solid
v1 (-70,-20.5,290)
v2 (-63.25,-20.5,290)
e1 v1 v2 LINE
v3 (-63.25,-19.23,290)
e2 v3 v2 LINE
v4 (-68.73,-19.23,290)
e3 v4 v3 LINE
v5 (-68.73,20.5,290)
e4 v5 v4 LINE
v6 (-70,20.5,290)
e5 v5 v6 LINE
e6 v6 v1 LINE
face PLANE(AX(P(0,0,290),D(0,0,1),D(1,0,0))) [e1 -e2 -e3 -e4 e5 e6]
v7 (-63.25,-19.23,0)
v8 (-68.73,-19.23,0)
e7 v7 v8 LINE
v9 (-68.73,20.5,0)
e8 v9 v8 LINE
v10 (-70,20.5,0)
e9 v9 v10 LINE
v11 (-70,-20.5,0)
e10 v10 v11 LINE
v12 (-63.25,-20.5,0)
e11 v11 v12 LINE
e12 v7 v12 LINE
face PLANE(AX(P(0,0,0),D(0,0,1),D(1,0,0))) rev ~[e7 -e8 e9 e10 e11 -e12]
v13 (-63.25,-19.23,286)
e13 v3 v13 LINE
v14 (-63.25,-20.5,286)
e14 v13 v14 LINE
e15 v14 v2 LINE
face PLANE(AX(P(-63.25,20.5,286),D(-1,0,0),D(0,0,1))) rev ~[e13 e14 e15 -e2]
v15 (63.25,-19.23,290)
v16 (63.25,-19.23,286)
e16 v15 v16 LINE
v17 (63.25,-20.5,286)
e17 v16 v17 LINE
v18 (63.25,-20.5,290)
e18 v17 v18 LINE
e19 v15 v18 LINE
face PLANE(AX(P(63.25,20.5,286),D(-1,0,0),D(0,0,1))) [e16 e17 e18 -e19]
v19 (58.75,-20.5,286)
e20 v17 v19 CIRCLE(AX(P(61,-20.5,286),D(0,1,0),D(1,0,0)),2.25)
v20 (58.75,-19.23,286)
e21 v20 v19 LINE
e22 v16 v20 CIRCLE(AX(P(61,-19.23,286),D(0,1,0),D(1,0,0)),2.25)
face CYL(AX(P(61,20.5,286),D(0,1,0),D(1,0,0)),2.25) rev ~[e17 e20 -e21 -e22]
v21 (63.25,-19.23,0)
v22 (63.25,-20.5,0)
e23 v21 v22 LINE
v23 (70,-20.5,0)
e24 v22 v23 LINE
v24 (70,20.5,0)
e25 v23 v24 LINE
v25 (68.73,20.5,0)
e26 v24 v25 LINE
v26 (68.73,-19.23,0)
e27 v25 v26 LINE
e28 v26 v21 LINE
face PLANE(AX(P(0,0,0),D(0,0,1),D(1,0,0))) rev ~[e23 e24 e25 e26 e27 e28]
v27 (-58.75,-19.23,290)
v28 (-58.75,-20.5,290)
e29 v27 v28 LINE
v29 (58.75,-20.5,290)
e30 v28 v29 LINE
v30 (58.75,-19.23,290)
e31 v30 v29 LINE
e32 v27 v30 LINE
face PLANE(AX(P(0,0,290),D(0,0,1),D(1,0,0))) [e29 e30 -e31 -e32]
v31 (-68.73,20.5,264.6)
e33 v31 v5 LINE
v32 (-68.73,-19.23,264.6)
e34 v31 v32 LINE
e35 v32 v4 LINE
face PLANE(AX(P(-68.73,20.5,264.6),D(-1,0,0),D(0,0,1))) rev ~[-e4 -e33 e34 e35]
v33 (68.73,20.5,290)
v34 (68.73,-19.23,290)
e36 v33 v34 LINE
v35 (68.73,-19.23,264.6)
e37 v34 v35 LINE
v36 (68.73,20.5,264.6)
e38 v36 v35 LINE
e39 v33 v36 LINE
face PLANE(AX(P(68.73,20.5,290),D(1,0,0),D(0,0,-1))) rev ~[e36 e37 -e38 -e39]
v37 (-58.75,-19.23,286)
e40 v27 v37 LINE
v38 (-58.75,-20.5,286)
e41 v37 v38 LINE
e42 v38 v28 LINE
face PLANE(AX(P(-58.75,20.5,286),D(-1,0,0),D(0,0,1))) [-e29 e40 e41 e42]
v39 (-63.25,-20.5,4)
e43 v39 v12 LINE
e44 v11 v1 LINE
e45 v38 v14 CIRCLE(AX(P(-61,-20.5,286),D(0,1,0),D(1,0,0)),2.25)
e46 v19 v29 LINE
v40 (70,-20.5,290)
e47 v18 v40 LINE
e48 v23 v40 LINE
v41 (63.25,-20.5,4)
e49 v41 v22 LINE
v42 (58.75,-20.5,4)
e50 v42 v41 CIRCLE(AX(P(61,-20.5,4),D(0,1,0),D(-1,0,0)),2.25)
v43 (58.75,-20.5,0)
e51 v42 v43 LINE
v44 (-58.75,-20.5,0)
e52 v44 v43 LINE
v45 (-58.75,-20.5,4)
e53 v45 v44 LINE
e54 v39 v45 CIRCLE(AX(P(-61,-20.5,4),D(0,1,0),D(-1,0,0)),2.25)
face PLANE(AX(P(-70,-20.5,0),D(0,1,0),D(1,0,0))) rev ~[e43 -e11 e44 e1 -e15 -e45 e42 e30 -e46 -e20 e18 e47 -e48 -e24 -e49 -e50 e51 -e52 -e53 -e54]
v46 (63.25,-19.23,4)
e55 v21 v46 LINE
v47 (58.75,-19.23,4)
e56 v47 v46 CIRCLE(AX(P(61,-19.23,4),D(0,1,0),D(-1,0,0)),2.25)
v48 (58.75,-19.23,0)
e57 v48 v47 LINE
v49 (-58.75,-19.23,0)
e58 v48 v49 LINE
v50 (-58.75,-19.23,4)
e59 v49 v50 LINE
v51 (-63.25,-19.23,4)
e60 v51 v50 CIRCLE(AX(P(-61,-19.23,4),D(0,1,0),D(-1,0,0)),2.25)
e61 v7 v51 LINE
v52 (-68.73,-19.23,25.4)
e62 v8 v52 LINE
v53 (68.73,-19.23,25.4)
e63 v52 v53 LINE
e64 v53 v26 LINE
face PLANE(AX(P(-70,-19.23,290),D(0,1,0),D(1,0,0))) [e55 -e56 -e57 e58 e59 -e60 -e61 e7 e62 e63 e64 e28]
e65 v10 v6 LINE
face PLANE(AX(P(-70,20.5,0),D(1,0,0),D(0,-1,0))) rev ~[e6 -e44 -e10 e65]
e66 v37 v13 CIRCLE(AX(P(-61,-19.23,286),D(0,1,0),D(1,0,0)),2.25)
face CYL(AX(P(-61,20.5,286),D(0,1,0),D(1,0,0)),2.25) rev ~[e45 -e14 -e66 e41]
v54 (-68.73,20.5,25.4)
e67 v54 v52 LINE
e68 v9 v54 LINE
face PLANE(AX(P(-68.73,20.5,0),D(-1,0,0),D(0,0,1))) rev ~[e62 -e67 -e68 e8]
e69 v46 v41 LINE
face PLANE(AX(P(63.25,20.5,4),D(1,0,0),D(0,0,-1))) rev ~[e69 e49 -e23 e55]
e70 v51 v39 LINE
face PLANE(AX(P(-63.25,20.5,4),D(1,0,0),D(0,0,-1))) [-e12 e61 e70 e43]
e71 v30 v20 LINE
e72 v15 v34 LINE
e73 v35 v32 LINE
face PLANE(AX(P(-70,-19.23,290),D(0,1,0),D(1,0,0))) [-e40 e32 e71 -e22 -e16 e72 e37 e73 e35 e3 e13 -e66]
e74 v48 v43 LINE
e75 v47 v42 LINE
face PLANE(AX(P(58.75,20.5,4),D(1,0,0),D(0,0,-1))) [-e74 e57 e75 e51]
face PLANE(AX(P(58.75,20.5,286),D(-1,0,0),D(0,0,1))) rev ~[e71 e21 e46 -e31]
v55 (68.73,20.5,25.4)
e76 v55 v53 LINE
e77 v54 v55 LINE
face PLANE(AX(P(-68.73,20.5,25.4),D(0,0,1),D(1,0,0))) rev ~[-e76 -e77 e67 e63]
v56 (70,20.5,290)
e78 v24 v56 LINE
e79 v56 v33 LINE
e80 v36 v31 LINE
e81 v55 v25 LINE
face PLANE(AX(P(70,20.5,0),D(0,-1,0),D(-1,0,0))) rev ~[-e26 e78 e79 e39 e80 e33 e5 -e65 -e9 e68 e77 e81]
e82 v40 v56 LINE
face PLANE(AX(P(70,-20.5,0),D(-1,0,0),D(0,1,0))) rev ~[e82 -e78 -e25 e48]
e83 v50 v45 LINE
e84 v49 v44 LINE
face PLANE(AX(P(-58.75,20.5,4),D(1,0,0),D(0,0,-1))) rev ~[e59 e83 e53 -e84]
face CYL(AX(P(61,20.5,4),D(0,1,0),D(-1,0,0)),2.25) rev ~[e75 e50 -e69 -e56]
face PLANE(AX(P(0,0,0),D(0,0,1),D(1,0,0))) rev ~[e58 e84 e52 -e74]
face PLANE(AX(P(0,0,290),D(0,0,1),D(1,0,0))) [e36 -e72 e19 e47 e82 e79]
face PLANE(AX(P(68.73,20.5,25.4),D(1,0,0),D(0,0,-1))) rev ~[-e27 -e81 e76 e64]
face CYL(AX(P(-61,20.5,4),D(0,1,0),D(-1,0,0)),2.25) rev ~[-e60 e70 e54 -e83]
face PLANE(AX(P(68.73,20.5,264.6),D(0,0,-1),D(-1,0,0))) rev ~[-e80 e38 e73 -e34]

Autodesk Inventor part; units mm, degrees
ref_plane "YZ Plane" through (0, 0, 0) normal (1, 0, 0) x (0, 1, 0)
ref_plane "XZ Plane" through (0, 0, 0) normal (0, 1, 0) x (-1, 0, 0)
sketch "Sketch1" plane through (0, 0, 0) normal (0, 0, 1) x (1, 0, 0)
  line L0 (-70, -20.5) -> (70, -20.5)
  line L1 (70, -20.5) -> (70, 20.5)
  line L2 (70, 20.5) -> (-70, 20.5)
  line L3 (-70, 20.5) -> (-70, -20.5)
  line L4 (-70, -20.5) -> (70, 20.5) construction
  line L5 (70, -20.5) -> (-70, 20.5) construction
  point P0 (0, 0)
  dimension "d0" = 140
  dimension "d1" = 41
extrude "Extrusion1" add sketch "Sketch1" along normal blind 290
sketch "Sketch2" plane through (-70, 20.5, 0) normal (0, 1, 0) x (1, 0, 0)
  line L0 (140, -290) -> (0, -290) projected
  line L1 (140, 0) -> (0, 0) projected
  arc A0 (11.25, -286) -> (6.75, -286) centre (9, -286) ccw
  arc A1 (133.25, -286) -> (128.75, -286) centre (131, -286) ccw
  arc A2 (128.75, -4) -> (133.25, -4) centre (131, -4) ccw
  arc A3 (6.75, -4) -> (11.25, -4) centre (9, -4) ccw
  line L2 (9, -286) -> (9, -4) construction
  line L3 (9, -4) -> (131, -4) construction
  line L4 (131, -4) -> (131, -286) construction
  line L5 (9, -286) -> (9, -290) construction
  line L6 (9, -4) -> (9, 0) construction
  line L7 (9, -4) -> (0, 0) construction
  line L8 (131, -4) -> (140, 0) construction
  line L9 (128.75, -286) -> (128.75, -290)
  line L10 (133.25, -286) -> (133.25, -290)
  line L11 (6.75, -286) -> (6.75, -290)
  line L12 (11.25, -286) -> (11.25, -290)
  line L13 (11.25, -4) -> (11.25, 0)
  line L14 (6.75, -4) -> (6.75, 0)
  line L15 (133.25, -4) -> (133.25, 0)
  line L16 (128.75, -4) -> (128.75, 0)
  point P0 (70, 0)
  dimension "d4" = 2.25
  dimension "d5" = 282
  dimension "d6" = 122
extrude "Extrusion2" cut sketch "Sketch2" against normal up to surface (41 mm away)
ref_plane "Work Plane1" through (70, -19.23, 0) normal (0, -1, 0) x (1, 0, 0)
sketch "Sketch3" plane through (-70, 20.5, 290) normal (0, 1, 0) x (1, 0, 0)
  line L0 (0, 290) -> (0, 0) projected
  line L1 (140, 290) -> (140, 0) projected
  line L2 (138.73, 0) -> (138.73, 25.4)
  line L3 (138.73, 25.4) -> (1.27, 25.4)
  line L4 (1.27, 25.4) -> (1.27, 0)
  line L5 (1.27, 0) -> (138.73, 0)
  line L6 (1.27, 0) -> (0, 0) construction
  line L7 (140, 0) -> (138.73, 0) construction
  line L8 (1.27, 264.6) -> (138.73, 264.6)
  line L9 (138.73, 264.6) -> (138.73, 290)
  line L10 (138.73, 290) -> (1.27, 290)
  line L11 (1.27, 290) -> (1.27, 264.6)
  line L12 (1.27, 290) -> (0, 290) construction
  point P0 (70, 290)
  dimension "d9" = 1.27
  dimension "d10" = 25.4
extrude "Extrusion3" cut sketch "Sketch3" against normal up to surface (39.73 mm away)
properties part number "UHP-1500-230"
